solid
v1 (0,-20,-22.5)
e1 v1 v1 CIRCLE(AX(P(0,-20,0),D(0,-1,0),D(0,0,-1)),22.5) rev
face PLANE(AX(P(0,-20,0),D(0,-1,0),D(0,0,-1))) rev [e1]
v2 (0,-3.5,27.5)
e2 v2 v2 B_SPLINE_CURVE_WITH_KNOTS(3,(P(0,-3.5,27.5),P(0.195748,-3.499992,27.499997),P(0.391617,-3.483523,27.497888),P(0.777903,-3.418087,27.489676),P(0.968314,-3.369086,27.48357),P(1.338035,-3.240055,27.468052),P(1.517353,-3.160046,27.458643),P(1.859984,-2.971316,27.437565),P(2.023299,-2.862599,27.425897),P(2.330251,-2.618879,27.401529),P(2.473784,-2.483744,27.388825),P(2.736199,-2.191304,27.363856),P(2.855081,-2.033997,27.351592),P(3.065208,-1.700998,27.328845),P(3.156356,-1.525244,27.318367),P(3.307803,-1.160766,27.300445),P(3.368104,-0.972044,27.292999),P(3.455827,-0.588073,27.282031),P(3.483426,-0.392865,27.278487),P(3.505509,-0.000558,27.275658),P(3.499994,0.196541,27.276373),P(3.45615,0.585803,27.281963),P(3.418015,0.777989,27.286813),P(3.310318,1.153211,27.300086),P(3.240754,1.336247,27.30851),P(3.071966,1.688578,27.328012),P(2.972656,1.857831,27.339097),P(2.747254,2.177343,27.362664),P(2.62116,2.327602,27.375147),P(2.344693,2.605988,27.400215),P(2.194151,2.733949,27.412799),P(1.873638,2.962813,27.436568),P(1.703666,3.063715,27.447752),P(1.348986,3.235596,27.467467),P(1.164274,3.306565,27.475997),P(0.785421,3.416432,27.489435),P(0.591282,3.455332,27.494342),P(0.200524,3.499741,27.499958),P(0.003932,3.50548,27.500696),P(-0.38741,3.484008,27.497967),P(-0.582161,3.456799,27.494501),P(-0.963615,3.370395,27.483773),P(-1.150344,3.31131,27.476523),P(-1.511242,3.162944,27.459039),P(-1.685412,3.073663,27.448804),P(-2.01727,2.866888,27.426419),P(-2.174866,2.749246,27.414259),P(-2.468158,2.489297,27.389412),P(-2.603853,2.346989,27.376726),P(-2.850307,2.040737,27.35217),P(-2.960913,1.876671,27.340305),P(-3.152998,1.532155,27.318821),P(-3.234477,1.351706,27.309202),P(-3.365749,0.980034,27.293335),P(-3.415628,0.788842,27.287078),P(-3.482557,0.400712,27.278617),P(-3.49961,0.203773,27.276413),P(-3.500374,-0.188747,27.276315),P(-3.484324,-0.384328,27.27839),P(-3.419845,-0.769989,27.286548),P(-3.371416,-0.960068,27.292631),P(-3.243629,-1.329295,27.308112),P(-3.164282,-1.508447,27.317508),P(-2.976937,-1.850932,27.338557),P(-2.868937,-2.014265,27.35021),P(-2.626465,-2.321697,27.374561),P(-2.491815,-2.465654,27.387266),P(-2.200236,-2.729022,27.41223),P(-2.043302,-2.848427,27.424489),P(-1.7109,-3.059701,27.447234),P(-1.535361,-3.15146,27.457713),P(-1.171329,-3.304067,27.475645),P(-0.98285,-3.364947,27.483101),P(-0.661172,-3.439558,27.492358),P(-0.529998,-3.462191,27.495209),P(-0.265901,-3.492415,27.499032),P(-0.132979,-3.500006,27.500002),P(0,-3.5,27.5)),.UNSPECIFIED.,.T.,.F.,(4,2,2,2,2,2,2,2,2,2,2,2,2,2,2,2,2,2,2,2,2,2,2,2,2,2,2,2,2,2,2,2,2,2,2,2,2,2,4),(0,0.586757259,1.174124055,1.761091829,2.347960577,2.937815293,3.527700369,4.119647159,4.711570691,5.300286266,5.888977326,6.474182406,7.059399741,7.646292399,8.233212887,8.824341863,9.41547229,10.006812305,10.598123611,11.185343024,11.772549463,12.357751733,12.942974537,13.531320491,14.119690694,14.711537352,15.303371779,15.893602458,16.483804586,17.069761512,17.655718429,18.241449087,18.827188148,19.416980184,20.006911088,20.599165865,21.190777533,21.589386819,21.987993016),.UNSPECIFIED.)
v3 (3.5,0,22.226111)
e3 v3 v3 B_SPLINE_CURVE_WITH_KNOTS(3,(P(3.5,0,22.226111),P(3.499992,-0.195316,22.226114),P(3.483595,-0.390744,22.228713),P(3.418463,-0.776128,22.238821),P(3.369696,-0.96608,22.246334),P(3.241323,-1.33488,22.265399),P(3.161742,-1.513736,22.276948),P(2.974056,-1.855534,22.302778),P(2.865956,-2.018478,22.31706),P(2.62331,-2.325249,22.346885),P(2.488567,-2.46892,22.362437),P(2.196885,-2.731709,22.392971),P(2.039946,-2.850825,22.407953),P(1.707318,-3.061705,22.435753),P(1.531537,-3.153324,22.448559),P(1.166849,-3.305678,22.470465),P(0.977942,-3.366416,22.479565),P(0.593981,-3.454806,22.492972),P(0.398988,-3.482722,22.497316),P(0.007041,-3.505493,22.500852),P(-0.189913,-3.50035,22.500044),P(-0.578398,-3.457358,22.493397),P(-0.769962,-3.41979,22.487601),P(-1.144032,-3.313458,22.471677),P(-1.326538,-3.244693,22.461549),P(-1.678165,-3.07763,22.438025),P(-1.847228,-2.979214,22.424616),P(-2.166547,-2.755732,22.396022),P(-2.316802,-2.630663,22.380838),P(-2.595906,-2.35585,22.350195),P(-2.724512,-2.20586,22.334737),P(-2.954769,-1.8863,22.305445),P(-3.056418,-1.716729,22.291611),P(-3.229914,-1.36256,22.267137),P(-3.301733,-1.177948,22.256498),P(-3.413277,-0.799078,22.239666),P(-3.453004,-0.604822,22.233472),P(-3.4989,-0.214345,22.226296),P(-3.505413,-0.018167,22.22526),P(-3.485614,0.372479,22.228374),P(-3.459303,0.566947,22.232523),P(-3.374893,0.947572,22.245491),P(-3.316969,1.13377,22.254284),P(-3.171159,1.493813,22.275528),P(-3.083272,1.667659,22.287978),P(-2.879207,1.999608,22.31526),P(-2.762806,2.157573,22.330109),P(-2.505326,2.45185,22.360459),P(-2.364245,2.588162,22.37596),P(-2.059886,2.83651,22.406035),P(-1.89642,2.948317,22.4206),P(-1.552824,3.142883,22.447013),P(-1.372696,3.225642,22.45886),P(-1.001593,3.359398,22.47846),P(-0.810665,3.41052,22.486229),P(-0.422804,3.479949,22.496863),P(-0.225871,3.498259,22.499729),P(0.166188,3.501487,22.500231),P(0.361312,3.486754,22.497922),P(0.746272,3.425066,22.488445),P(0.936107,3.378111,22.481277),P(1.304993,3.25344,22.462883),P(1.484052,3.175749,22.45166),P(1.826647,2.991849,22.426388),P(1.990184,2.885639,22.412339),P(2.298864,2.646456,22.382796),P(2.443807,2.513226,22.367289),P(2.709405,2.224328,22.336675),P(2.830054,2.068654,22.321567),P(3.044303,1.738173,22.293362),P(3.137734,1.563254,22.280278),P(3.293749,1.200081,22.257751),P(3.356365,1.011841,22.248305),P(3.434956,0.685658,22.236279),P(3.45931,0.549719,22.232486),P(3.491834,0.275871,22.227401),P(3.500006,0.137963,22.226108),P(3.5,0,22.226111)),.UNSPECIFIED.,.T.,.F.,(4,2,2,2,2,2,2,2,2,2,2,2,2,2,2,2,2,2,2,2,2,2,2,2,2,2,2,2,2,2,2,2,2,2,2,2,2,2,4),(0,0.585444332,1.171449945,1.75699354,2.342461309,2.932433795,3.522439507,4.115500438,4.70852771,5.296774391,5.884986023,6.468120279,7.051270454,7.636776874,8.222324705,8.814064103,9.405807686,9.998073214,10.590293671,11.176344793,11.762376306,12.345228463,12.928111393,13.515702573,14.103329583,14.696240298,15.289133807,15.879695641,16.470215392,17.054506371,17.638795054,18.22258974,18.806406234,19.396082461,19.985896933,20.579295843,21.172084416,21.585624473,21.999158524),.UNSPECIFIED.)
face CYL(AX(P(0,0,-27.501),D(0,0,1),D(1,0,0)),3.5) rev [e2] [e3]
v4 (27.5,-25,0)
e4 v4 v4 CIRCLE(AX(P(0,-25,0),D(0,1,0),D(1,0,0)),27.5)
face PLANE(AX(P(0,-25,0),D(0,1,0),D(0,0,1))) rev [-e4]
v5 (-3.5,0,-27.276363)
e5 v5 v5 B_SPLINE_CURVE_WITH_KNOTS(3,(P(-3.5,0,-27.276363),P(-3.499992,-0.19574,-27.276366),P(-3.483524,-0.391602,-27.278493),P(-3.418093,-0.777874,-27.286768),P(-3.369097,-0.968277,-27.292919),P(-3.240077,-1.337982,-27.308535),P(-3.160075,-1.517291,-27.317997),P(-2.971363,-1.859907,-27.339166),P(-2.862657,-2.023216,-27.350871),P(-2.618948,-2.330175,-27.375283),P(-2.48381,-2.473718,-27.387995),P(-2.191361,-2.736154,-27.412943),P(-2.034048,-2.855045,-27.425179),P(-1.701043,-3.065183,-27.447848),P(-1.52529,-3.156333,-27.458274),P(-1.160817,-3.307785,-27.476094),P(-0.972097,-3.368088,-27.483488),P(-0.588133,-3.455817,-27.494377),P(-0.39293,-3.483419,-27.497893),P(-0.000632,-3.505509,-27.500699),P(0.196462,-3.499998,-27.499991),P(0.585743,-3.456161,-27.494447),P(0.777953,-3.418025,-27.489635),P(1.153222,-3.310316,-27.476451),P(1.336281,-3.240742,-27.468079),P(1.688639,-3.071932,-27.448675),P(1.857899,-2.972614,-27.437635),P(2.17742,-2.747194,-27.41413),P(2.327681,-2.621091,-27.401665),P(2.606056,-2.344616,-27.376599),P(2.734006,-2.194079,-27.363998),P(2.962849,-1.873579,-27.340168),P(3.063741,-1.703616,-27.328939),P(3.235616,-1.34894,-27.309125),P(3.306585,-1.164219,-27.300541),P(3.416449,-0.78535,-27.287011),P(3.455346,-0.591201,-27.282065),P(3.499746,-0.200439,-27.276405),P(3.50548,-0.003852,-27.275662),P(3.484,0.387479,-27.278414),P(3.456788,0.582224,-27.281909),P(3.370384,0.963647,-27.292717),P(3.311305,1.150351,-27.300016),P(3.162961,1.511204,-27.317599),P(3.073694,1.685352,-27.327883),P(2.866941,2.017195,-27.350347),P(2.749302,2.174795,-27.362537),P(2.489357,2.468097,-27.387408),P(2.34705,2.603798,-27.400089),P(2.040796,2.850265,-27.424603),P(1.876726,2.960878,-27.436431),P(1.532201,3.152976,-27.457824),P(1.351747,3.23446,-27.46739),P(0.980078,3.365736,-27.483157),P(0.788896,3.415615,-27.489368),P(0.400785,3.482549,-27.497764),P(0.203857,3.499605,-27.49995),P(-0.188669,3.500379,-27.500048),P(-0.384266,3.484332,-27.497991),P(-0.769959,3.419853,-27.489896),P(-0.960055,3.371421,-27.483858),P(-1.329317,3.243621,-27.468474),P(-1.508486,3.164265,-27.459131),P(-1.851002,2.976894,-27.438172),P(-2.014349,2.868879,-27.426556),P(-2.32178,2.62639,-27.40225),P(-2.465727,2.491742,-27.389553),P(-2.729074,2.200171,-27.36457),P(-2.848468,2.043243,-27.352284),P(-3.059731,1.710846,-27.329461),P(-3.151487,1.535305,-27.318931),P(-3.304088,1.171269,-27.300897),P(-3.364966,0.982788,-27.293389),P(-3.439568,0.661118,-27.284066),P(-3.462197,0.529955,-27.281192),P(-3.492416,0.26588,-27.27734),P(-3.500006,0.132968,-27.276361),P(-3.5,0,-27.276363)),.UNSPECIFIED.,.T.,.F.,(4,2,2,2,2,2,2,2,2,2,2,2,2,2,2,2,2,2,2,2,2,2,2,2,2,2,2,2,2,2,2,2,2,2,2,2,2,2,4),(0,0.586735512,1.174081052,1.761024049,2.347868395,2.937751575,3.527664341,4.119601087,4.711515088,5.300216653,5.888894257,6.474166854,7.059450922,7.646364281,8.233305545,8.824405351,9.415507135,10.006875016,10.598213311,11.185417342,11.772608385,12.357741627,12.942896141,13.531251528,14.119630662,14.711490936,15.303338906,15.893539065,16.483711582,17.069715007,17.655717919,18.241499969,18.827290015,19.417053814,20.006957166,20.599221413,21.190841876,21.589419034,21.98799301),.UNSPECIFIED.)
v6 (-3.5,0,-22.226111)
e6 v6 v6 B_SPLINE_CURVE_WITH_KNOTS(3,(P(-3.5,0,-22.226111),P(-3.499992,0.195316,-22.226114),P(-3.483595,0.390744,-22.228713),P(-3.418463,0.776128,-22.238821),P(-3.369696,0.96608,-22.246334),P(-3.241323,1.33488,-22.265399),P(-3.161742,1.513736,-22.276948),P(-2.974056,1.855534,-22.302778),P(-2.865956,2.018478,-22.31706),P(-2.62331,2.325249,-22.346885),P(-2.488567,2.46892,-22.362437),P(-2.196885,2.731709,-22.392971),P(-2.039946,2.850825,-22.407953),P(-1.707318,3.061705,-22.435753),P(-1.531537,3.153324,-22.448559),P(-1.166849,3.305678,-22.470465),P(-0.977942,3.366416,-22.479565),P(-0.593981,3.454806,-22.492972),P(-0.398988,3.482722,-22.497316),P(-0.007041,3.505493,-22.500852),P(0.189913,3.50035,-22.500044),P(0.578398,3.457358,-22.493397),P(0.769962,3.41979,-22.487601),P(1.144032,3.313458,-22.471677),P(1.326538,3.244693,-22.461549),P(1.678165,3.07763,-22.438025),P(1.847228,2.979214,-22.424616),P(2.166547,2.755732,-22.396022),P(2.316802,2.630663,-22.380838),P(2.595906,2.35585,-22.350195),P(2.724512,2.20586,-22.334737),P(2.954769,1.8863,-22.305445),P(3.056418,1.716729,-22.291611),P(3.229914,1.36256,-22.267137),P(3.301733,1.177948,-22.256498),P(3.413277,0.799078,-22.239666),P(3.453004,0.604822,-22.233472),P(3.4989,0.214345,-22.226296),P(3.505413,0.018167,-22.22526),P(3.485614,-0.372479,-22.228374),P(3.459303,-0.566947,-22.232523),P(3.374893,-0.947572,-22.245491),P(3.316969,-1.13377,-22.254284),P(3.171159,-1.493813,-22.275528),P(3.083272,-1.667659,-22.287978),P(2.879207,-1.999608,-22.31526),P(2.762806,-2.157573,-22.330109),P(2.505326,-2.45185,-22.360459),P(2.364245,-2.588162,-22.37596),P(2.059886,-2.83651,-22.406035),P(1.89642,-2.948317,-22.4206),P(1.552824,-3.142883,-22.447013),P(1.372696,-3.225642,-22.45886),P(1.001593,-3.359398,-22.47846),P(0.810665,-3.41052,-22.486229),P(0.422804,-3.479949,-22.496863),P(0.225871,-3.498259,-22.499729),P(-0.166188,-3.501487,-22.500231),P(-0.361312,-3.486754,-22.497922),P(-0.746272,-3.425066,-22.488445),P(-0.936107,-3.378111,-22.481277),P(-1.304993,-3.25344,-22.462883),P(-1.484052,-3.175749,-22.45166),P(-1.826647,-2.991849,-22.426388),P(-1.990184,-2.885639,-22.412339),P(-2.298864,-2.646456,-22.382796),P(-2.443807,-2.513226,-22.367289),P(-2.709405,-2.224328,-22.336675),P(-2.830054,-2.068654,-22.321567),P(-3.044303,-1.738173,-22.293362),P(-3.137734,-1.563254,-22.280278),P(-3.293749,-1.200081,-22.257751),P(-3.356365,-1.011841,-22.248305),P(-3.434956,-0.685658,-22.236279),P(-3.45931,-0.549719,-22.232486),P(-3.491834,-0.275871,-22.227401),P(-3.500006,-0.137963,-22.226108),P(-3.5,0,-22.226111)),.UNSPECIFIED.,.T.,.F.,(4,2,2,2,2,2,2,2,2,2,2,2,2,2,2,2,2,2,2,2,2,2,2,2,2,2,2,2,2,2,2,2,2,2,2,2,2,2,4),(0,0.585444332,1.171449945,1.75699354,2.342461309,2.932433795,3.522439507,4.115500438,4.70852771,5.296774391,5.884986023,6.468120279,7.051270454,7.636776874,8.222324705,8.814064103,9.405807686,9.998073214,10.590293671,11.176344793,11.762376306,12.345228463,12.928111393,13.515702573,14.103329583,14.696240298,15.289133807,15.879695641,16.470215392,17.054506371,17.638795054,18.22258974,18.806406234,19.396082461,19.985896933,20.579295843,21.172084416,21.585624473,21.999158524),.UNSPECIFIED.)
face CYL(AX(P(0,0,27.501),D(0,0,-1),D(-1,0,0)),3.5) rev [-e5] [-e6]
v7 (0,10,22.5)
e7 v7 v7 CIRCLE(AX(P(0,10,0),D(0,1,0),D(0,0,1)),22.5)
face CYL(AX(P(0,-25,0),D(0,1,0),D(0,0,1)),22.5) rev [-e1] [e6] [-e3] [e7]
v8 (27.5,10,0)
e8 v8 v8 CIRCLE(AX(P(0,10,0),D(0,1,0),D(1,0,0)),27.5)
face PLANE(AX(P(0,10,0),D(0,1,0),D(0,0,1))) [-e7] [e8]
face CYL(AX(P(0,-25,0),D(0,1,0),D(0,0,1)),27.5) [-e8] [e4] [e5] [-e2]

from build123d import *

# Parameters (mm, degrees)
EXTRUDE_THIN1_DEPTH      = 10
EXTRUDE_THIN1_DEPTH_BACK = 25
SKETCH1_R                = 27.5
SKETCH1_R_2              = 22.5
CUT_EXTRUDE1_REACH       = 68.38
CUT_EXTRUDE1_END_RADIUS  = 22.5
SKETCH2_R                = 3.5
BOSS_EXTRUDE1_START      = -5
SKETCH3_R                = 22.5
BOSS_EXTRUDE1_DEPTH      = 5


with BuildPart() as part:
    # Sketch1 → Extrude-Thin1 (new, two sides: drawn at the far end of the back side and taken through both)
    with BuildSketch(Plane(origin=(0, 0, 0), x_dir=(1, 0, 0), z_dir=(0, 1, 0)).offset(-EXTRUDE_THIN1_DEPTH_BACK)):
        Circle(SKETCH1_R)
        Circle(SKETCH1_R_2, mode=Mode.SUBTRACT)
    extrude(amount=EXTRUDE_THIN1_DEPTH + EXTRUDE_THIN1_DEPTH_BACK)

    # Cut-Extrude1: up to this cylinder (the profile starts outside it)
    cut_extrude1_end = Plane(origin=(0, 0, 0), z_dir=(0, 1, 0)) * Cylinder(CUT_EXTRUDE1_END_RADIUS, 182.76, mode=Mode.PRIVATE)
    # Sketch2 → Cut-Extrude1 (cut, up to the surface)
    with BuildSketch(Plane.XY.offset(27.5), mode=Mode.PRIVATE) as cut_extrude1_sk1:
        with Locations(Location((0, 0, 0), (0, 0, 270))):
            Circle(SKETCH2_R)
    cut_extrude1_tool1 = extrude(cut_extrude1_sk1.sketch, amount=-CUT_EXTRUDE1_REACH, mode=Mode.PRIVATE) - cut_extrude1_end
    cut_extrude1 = cut_extrude1_tool1.solids().sort_by_distance((0, 0, 27.5))[0]
    add(cut_extrude1, mode=Mode.SUBTRACT)

    # Mirror1: Cut-Extrude1 across plane
    add(cut_extrude1.mirror(Plane.XY), mode=Mode.SUBTRACT)

    # Sketch3 → Boss-Extrude1 (add)
    with BuildSketch(Plane.XZ.offset(25).offset(BOSS_EXTRUDE1_START)):
        with Locations(Location((0, 0, 0), (0, 0, 90))):
            Circle(SKETCH3_R)
    extrude(amount=BOSS_EXTRUDE1_DEPTH)


solid = part.part
